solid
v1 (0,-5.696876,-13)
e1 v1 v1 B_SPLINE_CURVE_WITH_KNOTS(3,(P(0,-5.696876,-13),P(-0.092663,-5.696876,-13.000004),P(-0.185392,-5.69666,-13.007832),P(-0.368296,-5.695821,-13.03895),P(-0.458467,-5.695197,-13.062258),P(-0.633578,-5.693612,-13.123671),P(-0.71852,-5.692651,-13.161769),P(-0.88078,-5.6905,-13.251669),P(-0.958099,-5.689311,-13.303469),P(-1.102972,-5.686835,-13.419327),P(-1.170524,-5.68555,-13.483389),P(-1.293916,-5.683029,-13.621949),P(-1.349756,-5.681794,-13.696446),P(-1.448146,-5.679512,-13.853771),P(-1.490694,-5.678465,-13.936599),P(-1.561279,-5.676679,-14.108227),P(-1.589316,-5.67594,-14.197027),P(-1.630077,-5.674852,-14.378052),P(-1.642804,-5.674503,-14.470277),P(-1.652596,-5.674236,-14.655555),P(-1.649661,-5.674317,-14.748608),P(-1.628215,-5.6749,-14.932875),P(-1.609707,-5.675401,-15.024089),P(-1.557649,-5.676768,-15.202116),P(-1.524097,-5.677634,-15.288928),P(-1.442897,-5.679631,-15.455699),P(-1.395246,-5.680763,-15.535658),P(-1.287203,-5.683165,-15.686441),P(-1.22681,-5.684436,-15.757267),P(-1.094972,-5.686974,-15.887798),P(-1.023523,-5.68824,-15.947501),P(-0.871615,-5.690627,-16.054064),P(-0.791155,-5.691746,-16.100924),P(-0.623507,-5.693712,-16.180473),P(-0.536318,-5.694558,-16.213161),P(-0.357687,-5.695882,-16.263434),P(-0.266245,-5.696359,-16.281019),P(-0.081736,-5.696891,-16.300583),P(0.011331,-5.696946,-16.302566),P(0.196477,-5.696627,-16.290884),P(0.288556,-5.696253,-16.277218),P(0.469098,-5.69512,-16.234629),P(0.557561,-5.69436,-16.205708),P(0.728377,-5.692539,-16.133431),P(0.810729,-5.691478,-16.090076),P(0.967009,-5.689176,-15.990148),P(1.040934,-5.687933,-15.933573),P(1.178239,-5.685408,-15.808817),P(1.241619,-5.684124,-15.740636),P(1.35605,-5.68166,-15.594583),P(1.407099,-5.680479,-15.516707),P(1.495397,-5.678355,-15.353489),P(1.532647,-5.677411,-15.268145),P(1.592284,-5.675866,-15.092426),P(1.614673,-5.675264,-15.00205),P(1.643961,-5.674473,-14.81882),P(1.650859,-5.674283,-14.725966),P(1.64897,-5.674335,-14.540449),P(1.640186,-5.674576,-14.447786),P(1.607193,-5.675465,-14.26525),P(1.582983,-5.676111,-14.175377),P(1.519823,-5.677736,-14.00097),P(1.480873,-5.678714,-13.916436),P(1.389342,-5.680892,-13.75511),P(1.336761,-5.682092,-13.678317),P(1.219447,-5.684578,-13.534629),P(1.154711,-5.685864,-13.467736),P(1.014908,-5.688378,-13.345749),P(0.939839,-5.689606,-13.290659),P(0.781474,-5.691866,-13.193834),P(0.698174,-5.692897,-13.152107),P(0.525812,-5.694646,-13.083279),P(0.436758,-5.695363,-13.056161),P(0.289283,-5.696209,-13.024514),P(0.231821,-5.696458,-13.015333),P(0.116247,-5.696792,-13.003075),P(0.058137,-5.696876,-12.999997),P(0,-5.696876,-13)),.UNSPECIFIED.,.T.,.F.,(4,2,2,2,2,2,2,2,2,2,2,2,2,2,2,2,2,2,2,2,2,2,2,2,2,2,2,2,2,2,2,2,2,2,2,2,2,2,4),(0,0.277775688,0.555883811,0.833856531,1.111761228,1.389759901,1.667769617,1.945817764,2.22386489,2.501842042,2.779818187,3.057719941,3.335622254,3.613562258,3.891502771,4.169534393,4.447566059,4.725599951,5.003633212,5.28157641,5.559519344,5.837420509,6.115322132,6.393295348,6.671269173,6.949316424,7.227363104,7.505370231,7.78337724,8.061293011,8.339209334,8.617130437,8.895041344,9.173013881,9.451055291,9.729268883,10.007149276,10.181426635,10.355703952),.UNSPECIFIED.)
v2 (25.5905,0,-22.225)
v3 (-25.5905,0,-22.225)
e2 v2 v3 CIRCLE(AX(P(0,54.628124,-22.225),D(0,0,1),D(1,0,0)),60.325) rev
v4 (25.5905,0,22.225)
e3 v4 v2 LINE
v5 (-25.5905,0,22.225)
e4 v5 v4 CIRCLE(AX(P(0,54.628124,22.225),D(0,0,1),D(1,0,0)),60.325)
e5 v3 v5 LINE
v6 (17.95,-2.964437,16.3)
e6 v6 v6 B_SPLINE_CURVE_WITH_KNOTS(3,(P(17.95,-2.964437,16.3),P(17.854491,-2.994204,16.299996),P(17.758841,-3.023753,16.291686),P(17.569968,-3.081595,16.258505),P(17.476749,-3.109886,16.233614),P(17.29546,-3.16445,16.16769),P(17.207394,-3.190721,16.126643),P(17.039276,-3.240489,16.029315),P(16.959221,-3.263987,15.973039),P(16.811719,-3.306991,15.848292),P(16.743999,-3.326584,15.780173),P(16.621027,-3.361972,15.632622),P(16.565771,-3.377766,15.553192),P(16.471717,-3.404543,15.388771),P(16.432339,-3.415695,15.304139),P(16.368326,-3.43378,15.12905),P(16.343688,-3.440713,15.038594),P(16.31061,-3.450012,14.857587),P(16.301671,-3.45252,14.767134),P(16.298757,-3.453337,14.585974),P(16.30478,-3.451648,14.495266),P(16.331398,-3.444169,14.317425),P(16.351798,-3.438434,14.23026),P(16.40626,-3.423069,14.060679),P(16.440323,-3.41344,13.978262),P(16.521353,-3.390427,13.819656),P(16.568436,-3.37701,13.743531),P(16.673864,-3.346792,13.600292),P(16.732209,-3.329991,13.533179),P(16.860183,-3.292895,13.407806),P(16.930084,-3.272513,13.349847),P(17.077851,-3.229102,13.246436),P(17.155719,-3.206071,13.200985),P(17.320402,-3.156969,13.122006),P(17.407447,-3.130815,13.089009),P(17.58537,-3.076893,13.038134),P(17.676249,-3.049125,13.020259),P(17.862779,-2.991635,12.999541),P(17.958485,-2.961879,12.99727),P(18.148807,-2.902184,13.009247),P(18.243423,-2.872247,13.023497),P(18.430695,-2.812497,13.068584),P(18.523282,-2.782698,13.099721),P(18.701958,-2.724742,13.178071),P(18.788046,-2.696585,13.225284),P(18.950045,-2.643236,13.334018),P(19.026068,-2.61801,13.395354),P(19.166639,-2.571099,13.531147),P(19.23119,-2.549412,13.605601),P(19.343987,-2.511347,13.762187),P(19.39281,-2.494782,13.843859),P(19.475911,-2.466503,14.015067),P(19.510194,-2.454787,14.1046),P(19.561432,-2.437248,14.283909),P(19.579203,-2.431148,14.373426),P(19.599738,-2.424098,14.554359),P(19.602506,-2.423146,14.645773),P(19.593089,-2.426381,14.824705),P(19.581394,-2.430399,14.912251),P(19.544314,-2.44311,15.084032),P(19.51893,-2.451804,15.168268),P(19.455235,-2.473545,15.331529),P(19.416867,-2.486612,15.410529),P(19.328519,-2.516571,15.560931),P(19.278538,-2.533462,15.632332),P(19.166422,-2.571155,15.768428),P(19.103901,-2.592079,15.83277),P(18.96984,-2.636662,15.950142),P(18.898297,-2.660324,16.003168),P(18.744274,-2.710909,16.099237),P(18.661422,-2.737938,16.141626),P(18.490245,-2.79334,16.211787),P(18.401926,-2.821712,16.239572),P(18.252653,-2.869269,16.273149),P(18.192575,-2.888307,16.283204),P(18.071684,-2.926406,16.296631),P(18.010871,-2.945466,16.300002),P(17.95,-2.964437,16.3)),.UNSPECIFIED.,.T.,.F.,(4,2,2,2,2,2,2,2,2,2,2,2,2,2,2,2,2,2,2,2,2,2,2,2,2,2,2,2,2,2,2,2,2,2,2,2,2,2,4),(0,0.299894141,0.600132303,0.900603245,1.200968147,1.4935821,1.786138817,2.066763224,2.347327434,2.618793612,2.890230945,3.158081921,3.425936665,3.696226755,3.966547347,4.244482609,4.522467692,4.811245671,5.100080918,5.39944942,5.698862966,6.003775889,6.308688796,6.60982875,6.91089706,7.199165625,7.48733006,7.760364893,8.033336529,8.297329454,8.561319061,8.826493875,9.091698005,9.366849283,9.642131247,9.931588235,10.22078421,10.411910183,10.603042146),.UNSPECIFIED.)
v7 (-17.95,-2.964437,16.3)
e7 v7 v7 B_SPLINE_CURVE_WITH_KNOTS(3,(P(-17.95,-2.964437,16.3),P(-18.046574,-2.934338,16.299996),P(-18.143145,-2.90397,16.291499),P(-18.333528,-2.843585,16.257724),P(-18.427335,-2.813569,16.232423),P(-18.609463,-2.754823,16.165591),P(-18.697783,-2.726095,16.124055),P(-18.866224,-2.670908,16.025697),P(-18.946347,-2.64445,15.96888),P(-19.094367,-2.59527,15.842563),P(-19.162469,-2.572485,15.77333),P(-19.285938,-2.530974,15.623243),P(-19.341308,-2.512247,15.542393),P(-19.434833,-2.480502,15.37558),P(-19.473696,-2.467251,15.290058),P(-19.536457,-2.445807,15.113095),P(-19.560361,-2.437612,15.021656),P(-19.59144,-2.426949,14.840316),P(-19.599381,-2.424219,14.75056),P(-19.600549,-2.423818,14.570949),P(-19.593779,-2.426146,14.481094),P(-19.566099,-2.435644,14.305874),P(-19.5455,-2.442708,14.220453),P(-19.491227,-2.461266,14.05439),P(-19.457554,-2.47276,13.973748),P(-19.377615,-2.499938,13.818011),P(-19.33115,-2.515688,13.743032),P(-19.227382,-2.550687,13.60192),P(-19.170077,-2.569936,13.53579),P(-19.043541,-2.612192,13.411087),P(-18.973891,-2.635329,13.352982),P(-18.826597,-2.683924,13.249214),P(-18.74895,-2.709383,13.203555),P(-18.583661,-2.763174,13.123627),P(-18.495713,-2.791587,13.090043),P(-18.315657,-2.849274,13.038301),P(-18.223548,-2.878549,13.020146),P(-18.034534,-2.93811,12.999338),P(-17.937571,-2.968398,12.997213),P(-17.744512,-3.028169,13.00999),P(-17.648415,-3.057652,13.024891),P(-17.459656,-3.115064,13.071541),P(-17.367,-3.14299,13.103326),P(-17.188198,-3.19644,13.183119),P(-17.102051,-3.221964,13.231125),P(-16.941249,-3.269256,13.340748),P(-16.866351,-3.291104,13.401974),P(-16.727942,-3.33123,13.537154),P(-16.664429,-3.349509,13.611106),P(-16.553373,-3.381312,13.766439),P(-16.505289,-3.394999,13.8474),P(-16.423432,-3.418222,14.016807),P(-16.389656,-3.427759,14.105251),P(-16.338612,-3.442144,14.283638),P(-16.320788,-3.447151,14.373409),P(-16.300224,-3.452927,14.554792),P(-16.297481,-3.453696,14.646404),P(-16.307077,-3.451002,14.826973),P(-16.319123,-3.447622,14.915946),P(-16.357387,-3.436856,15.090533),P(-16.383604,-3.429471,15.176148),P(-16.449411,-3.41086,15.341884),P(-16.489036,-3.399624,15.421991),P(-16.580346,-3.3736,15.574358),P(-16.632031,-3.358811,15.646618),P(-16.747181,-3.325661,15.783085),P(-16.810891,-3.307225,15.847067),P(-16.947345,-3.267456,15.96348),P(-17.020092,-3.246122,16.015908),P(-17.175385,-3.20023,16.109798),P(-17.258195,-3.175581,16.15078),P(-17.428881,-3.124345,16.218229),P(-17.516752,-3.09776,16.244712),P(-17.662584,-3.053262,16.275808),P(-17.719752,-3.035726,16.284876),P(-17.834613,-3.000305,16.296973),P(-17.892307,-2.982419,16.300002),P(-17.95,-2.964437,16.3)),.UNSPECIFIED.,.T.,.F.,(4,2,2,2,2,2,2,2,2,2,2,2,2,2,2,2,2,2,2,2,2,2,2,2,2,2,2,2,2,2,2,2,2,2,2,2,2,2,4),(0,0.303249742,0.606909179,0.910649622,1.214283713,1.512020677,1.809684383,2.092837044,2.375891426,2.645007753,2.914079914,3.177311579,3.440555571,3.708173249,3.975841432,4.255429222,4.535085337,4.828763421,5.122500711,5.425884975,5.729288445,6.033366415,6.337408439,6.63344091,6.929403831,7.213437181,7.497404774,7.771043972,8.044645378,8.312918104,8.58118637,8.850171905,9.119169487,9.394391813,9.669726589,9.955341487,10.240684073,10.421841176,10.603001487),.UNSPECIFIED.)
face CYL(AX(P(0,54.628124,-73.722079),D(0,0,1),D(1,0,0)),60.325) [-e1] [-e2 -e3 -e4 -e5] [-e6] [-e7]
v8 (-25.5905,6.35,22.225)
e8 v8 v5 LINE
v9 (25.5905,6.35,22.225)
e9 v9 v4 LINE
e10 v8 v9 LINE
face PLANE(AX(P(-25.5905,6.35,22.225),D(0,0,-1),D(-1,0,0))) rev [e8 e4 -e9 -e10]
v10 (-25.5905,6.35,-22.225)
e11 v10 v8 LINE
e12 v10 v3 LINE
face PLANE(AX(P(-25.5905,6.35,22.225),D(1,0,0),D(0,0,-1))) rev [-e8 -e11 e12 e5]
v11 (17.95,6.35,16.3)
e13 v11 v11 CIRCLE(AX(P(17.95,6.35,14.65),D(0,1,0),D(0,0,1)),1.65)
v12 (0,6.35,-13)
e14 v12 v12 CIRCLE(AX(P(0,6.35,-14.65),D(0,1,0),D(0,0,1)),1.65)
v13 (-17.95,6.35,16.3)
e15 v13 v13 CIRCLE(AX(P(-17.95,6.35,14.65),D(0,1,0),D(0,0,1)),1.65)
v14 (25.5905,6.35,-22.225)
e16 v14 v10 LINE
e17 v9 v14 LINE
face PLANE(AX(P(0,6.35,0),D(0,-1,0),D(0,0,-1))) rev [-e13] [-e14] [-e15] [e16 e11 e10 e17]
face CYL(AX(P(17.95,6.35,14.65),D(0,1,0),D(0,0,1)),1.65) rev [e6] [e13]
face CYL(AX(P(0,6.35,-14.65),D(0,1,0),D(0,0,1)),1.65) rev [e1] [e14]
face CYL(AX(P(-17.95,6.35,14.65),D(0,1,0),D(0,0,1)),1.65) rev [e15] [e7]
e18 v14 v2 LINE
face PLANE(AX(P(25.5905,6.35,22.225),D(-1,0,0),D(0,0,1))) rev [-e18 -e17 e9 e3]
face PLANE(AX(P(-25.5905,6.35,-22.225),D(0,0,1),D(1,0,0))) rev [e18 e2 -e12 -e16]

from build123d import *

# Parameters (mm, degrees)
SKETCH1_W             = 51.181
SKETCH1_H             = 44.45
BOSS_EXTRUDE1_DEPTH   = 6.35
BOSS_EXTRUDE2_DEPTH   = 44.45
M4X0_7_TAPPED_HOLE1_D = 3.3


with BuildPart() as part:
    # Sketch1 → Boss-Extrude1 (new body)
    with BuildSketch(Plane(origin=(0, 0, 0), x_dir=(1, 0, 0), z_dir=(0, 1, 0))):
        Rectangle(SKETCH1_W, SKETCH1_H)
    extrude(amount=BOSS_EXTRUDE1_DEPTH)

    # Sketch2 → Boss-Extrude2 (add)
    with BuildSketch(Plane.XY.offset(22.225)):
        with BuildLine():
            Line((-25.5905, 0), (25.5905, 0))
            ThreePointArc((25.5905, 0), (0, -5.696875973), (-25.5905, 0))
        make_face()
    extrude(amount=-BOSS_EXTRUDE2_DEPTH)

    # M4x0.7 Tapped Hole1 (through all)
    with Locations(Plane(origin=(0, 6.35, 0), x_dir=(1, 0, 0), z_dir=(0, 1, 0))):
        with Locations((0, 14.65), (-17.950000041, -14.65), (17.950000041, -14.65)):
            Hole(M4X0_7_TAPPED_HOLE1_D / 2)


solid = part.part
